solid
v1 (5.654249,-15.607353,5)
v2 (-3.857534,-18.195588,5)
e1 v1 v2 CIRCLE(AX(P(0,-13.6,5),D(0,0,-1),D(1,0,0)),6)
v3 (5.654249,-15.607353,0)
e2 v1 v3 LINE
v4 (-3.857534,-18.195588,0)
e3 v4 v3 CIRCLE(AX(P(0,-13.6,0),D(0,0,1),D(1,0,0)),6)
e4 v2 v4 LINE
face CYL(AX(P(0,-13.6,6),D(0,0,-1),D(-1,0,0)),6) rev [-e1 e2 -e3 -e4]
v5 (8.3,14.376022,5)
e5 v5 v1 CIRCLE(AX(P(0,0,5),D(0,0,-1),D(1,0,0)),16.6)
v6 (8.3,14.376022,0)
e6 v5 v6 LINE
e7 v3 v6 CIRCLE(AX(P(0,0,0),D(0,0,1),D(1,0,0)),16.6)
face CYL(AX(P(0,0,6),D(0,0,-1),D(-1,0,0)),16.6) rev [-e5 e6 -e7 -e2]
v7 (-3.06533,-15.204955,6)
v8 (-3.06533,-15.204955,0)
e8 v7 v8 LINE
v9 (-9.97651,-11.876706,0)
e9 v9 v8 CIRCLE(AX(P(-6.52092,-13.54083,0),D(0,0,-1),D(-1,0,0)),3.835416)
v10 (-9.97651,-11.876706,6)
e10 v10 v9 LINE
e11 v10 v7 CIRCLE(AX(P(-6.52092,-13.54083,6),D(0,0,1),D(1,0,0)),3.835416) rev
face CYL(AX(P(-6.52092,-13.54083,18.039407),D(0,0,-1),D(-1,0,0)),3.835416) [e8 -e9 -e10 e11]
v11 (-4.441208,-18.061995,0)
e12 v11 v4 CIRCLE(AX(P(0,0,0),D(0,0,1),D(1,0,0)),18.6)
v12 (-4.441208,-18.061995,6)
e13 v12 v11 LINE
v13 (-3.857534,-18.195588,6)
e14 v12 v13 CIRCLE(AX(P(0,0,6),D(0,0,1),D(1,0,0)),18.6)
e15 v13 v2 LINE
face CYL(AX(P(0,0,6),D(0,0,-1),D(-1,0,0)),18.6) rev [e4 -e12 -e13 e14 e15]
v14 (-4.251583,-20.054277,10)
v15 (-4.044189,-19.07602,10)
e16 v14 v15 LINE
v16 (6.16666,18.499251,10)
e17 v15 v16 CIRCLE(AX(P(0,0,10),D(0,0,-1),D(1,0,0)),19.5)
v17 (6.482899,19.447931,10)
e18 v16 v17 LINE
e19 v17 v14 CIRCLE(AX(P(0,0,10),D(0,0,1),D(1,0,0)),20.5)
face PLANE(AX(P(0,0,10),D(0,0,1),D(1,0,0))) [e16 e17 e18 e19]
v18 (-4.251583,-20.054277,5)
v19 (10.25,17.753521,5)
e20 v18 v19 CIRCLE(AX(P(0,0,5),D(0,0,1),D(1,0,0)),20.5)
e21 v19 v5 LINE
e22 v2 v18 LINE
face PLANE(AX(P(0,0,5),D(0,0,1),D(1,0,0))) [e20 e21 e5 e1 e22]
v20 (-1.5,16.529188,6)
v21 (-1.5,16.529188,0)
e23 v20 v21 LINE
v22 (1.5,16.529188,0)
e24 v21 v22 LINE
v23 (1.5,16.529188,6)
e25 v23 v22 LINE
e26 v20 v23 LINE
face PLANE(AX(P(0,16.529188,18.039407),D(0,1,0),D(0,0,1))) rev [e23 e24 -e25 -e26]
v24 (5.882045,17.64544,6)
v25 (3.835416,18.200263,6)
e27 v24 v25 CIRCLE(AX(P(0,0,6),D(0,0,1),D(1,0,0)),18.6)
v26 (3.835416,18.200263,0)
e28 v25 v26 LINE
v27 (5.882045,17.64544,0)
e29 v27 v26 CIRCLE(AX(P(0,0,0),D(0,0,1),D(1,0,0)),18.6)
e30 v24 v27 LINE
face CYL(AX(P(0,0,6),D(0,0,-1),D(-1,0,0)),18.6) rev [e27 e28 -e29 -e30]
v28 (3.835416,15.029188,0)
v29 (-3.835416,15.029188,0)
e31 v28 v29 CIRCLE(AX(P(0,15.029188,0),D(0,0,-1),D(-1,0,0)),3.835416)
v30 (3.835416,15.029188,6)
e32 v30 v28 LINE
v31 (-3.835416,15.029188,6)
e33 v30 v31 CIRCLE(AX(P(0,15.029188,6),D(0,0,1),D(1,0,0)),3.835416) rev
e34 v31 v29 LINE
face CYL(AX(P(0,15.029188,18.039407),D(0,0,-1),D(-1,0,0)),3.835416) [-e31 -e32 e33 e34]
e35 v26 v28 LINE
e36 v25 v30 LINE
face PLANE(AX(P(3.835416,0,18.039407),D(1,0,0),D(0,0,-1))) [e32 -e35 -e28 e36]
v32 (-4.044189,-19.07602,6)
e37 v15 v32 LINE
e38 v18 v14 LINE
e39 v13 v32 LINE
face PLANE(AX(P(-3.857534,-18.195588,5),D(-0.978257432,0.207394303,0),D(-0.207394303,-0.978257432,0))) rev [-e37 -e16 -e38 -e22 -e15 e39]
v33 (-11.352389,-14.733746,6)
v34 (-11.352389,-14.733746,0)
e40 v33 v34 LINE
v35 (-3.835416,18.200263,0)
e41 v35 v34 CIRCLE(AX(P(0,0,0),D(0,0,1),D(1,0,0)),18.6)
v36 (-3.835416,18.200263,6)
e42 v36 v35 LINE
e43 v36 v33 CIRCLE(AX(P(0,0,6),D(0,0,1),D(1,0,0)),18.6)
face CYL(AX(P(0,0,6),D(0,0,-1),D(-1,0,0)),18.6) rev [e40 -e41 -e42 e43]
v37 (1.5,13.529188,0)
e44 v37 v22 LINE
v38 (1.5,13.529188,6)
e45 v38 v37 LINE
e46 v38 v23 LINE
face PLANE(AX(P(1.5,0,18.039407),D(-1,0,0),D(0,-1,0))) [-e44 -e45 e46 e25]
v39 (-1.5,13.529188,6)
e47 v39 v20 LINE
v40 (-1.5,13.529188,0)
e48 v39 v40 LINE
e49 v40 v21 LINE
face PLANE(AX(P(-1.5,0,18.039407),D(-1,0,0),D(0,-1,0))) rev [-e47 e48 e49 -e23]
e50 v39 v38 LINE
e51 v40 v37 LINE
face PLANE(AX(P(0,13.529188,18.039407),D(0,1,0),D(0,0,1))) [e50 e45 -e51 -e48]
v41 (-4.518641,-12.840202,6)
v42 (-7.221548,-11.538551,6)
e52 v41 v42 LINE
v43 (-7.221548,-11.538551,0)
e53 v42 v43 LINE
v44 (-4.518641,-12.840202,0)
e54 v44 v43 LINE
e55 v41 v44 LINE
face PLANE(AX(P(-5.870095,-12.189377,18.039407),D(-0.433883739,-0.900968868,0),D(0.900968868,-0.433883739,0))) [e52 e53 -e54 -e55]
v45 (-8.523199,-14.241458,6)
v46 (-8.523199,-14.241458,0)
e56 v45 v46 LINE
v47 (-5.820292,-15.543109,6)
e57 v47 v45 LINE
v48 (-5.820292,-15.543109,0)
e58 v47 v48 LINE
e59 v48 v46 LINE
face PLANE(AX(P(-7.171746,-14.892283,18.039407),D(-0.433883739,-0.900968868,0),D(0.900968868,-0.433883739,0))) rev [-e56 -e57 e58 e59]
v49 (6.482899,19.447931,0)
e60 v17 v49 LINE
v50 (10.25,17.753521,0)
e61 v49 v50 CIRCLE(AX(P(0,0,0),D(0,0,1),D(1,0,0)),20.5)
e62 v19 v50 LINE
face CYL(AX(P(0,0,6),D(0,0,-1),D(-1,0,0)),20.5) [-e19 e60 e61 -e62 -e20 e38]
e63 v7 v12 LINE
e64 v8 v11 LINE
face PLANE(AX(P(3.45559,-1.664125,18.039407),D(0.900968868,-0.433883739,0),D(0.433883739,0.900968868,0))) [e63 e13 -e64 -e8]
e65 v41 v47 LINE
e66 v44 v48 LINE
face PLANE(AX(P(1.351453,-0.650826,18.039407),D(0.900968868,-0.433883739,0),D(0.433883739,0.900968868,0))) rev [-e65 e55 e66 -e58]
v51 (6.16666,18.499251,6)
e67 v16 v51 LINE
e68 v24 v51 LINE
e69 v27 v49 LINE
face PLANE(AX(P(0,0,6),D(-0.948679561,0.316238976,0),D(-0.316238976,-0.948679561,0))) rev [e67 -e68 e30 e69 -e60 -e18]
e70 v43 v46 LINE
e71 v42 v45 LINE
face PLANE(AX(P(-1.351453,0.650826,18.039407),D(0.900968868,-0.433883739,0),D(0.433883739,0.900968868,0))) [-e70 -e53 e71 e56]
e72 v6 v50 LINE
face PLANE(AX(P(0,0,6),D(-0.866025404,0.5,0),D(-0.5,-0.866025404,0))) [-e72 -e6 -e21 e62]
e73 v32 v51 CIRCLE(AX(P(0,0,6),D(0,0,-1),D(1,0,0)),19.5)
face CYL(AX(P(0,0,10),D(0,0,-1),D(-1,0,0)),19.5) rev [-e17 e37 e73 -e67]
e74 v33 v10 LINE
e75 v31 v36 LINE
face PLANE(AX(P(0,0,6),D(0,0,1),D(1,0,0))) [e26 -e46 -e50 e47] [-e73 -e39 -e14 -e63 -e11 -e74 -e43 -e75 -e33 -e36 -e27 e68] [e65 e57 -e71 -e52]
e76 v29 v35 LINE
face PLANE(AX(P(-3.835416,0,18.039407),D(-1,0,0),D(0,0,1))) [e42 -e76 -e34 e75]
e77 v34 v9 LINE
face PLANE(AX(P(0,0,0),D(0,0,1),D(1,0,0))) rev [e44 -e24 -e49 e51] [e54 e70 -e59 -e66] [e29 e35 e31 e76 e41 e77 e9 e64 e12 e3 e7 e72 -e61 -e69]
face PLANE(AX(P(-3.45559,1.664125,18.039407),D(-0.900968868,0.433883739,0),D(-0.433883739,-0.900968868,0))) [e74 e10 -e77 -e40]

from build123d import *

# Parameters (mm, degrees)
RESSALTO_EXTRUS_O2_DEPTH = 6
CORTE_EXTRUS_O1_DEPTH    = 1
ESBO_O8_W                = 3
ESBO_O8_H                = 3
RESSALTO_EXTRUS_O4_DEPTH = 6
RESSALTO_EXTRUS_O5_DEPTH = 4


with BuildPart() as part:
    # Esboço4 → Ressalto-extrusão2 (new body)
    with BuildSketch(Plane.XY):
        with BuildLine():
            Line((10.25, 17.753520778), (8.3, 14.376021703))
            ThreePointArc((8.3, 14.376021703), (16.535747837, -1.45912421), (5.654249214, -15.607352941))
            ThreePointArc((5.654249214, -15.607352941), (1.575368798, -19.389491614), (-3.857534027, -18.195588235))
            ThreePointArc((-3.857534027, -18.195588235), (-17.949080324, 4.877552207), (5.882044961, 17.645439838))
            Line((5.882044961, 17.645439838), (6.482899016, 19.447931004))
            ThreePointArc((6.482899016, 19.447931004), (-8.409235035, -18.695848901), (10.25, 17.753520778))
        make_face()
    extrude(amount=RESSALTO_EXTRUS_O2_DEPTH)

    # Esboço7 → Corte-extrusão1 (cut)
    with BuildSketch(Plane.XY.offset(6)):
        with BuildLine():
            Line((-3.857534027, -18.195588235), (-4.251583202, -20.054277356))
            ThreePointArc((-4.251583202, -20.054277356), (19.140340931, -7.341481393), (10.25, 17.753520778))
            Line((10.25, 17.753520778), (8.3, 14.376021703))
            ThreePointArc((8.3, 14.376021703), (16.535747837, -1.45912421), (5.654249214, -15.607352941))
            ThreePointArc((5.654249214, -15.607352941), (1.575368798, -19.389491614), (-3.857534027, -18.195588235))
        make_face()
    extrude(amount=-CORTE_EXTRUS_O1_DEPTH, mode=Mode.SUBTRACT)

    # Esboço8 → Ressalto-extrusão4 (add)
    with BuildSketch(Plane(origin=(0, 0, 0), x_dir=(-1, 0, 0), z_dir=(0, 0, -1))):
        with BuildLine():
            ThreePointArc((9.976510425, -11.876705547), (4.856795522, -10.085239821), (3.065329796, -15.204954723))
            Line((3.065329796, -15.204954723), (5.002459987, -19.227447012))
            Line((5.002459987, -19.227447012), (11.913640616, -15.899197835))
            Line((11.913640616, -15.899197835), (9.976510425, -11.876705547))
        make_face()
        Polygon((5.820292417, -15.543109046), (4.5186412, -12.840202442), (7.221547804, -11.538551224), (8.523199021, -14.241457828), align=None, mode=Mode.SUBTRACT)
        with BuildLine():
            ThreePointArc((-3.835415892, 15.029187597), (0, 11.193771705), (3.835415892, 15.029187597))
            Line((3.835415892, 15.029187597), (3.835415892, 19.493817211))
            Line((3.835415892, 19.493817211), (-3.835415892, 19.493817211))
            Line((-3.835415892, 19.493817211), (-3.835415892, 15.029187597))
        make_face()
        with Locations((0, 15.029187597)):
            Rectangle(ESBO_O8_W, ESBO_O8_H, mode=Mode.SUBTRACT)
    extrude(amount=-RESSALTO_EXTRUS_O4_DEPTH)

    # Esboço9 → Ressalto-extrusão5 (add)
    with BuildSketch(Plane.XY.offset(6)):
        with BuildLine():
            Line((-4.0441889, -19.076019924), (-4.251583202, -20.054277356))
            ThreePointArc((-4.251583202, -20.054277356), (-19.782588529, 5.375796787), (6.482899016, 19.447931004))
            Line((6.482899016, 19.447931004), (6.16666004, 18.499251443))
            ThreePointArc((6.16666004, 18.499251443), (-18.81758421, 5.113562798), (-4.0441889, -19.076019924))
        make_face()
    extrude(amount=RESSALTO_EXTRUS_O5_DEPTH)


solid = part.part
